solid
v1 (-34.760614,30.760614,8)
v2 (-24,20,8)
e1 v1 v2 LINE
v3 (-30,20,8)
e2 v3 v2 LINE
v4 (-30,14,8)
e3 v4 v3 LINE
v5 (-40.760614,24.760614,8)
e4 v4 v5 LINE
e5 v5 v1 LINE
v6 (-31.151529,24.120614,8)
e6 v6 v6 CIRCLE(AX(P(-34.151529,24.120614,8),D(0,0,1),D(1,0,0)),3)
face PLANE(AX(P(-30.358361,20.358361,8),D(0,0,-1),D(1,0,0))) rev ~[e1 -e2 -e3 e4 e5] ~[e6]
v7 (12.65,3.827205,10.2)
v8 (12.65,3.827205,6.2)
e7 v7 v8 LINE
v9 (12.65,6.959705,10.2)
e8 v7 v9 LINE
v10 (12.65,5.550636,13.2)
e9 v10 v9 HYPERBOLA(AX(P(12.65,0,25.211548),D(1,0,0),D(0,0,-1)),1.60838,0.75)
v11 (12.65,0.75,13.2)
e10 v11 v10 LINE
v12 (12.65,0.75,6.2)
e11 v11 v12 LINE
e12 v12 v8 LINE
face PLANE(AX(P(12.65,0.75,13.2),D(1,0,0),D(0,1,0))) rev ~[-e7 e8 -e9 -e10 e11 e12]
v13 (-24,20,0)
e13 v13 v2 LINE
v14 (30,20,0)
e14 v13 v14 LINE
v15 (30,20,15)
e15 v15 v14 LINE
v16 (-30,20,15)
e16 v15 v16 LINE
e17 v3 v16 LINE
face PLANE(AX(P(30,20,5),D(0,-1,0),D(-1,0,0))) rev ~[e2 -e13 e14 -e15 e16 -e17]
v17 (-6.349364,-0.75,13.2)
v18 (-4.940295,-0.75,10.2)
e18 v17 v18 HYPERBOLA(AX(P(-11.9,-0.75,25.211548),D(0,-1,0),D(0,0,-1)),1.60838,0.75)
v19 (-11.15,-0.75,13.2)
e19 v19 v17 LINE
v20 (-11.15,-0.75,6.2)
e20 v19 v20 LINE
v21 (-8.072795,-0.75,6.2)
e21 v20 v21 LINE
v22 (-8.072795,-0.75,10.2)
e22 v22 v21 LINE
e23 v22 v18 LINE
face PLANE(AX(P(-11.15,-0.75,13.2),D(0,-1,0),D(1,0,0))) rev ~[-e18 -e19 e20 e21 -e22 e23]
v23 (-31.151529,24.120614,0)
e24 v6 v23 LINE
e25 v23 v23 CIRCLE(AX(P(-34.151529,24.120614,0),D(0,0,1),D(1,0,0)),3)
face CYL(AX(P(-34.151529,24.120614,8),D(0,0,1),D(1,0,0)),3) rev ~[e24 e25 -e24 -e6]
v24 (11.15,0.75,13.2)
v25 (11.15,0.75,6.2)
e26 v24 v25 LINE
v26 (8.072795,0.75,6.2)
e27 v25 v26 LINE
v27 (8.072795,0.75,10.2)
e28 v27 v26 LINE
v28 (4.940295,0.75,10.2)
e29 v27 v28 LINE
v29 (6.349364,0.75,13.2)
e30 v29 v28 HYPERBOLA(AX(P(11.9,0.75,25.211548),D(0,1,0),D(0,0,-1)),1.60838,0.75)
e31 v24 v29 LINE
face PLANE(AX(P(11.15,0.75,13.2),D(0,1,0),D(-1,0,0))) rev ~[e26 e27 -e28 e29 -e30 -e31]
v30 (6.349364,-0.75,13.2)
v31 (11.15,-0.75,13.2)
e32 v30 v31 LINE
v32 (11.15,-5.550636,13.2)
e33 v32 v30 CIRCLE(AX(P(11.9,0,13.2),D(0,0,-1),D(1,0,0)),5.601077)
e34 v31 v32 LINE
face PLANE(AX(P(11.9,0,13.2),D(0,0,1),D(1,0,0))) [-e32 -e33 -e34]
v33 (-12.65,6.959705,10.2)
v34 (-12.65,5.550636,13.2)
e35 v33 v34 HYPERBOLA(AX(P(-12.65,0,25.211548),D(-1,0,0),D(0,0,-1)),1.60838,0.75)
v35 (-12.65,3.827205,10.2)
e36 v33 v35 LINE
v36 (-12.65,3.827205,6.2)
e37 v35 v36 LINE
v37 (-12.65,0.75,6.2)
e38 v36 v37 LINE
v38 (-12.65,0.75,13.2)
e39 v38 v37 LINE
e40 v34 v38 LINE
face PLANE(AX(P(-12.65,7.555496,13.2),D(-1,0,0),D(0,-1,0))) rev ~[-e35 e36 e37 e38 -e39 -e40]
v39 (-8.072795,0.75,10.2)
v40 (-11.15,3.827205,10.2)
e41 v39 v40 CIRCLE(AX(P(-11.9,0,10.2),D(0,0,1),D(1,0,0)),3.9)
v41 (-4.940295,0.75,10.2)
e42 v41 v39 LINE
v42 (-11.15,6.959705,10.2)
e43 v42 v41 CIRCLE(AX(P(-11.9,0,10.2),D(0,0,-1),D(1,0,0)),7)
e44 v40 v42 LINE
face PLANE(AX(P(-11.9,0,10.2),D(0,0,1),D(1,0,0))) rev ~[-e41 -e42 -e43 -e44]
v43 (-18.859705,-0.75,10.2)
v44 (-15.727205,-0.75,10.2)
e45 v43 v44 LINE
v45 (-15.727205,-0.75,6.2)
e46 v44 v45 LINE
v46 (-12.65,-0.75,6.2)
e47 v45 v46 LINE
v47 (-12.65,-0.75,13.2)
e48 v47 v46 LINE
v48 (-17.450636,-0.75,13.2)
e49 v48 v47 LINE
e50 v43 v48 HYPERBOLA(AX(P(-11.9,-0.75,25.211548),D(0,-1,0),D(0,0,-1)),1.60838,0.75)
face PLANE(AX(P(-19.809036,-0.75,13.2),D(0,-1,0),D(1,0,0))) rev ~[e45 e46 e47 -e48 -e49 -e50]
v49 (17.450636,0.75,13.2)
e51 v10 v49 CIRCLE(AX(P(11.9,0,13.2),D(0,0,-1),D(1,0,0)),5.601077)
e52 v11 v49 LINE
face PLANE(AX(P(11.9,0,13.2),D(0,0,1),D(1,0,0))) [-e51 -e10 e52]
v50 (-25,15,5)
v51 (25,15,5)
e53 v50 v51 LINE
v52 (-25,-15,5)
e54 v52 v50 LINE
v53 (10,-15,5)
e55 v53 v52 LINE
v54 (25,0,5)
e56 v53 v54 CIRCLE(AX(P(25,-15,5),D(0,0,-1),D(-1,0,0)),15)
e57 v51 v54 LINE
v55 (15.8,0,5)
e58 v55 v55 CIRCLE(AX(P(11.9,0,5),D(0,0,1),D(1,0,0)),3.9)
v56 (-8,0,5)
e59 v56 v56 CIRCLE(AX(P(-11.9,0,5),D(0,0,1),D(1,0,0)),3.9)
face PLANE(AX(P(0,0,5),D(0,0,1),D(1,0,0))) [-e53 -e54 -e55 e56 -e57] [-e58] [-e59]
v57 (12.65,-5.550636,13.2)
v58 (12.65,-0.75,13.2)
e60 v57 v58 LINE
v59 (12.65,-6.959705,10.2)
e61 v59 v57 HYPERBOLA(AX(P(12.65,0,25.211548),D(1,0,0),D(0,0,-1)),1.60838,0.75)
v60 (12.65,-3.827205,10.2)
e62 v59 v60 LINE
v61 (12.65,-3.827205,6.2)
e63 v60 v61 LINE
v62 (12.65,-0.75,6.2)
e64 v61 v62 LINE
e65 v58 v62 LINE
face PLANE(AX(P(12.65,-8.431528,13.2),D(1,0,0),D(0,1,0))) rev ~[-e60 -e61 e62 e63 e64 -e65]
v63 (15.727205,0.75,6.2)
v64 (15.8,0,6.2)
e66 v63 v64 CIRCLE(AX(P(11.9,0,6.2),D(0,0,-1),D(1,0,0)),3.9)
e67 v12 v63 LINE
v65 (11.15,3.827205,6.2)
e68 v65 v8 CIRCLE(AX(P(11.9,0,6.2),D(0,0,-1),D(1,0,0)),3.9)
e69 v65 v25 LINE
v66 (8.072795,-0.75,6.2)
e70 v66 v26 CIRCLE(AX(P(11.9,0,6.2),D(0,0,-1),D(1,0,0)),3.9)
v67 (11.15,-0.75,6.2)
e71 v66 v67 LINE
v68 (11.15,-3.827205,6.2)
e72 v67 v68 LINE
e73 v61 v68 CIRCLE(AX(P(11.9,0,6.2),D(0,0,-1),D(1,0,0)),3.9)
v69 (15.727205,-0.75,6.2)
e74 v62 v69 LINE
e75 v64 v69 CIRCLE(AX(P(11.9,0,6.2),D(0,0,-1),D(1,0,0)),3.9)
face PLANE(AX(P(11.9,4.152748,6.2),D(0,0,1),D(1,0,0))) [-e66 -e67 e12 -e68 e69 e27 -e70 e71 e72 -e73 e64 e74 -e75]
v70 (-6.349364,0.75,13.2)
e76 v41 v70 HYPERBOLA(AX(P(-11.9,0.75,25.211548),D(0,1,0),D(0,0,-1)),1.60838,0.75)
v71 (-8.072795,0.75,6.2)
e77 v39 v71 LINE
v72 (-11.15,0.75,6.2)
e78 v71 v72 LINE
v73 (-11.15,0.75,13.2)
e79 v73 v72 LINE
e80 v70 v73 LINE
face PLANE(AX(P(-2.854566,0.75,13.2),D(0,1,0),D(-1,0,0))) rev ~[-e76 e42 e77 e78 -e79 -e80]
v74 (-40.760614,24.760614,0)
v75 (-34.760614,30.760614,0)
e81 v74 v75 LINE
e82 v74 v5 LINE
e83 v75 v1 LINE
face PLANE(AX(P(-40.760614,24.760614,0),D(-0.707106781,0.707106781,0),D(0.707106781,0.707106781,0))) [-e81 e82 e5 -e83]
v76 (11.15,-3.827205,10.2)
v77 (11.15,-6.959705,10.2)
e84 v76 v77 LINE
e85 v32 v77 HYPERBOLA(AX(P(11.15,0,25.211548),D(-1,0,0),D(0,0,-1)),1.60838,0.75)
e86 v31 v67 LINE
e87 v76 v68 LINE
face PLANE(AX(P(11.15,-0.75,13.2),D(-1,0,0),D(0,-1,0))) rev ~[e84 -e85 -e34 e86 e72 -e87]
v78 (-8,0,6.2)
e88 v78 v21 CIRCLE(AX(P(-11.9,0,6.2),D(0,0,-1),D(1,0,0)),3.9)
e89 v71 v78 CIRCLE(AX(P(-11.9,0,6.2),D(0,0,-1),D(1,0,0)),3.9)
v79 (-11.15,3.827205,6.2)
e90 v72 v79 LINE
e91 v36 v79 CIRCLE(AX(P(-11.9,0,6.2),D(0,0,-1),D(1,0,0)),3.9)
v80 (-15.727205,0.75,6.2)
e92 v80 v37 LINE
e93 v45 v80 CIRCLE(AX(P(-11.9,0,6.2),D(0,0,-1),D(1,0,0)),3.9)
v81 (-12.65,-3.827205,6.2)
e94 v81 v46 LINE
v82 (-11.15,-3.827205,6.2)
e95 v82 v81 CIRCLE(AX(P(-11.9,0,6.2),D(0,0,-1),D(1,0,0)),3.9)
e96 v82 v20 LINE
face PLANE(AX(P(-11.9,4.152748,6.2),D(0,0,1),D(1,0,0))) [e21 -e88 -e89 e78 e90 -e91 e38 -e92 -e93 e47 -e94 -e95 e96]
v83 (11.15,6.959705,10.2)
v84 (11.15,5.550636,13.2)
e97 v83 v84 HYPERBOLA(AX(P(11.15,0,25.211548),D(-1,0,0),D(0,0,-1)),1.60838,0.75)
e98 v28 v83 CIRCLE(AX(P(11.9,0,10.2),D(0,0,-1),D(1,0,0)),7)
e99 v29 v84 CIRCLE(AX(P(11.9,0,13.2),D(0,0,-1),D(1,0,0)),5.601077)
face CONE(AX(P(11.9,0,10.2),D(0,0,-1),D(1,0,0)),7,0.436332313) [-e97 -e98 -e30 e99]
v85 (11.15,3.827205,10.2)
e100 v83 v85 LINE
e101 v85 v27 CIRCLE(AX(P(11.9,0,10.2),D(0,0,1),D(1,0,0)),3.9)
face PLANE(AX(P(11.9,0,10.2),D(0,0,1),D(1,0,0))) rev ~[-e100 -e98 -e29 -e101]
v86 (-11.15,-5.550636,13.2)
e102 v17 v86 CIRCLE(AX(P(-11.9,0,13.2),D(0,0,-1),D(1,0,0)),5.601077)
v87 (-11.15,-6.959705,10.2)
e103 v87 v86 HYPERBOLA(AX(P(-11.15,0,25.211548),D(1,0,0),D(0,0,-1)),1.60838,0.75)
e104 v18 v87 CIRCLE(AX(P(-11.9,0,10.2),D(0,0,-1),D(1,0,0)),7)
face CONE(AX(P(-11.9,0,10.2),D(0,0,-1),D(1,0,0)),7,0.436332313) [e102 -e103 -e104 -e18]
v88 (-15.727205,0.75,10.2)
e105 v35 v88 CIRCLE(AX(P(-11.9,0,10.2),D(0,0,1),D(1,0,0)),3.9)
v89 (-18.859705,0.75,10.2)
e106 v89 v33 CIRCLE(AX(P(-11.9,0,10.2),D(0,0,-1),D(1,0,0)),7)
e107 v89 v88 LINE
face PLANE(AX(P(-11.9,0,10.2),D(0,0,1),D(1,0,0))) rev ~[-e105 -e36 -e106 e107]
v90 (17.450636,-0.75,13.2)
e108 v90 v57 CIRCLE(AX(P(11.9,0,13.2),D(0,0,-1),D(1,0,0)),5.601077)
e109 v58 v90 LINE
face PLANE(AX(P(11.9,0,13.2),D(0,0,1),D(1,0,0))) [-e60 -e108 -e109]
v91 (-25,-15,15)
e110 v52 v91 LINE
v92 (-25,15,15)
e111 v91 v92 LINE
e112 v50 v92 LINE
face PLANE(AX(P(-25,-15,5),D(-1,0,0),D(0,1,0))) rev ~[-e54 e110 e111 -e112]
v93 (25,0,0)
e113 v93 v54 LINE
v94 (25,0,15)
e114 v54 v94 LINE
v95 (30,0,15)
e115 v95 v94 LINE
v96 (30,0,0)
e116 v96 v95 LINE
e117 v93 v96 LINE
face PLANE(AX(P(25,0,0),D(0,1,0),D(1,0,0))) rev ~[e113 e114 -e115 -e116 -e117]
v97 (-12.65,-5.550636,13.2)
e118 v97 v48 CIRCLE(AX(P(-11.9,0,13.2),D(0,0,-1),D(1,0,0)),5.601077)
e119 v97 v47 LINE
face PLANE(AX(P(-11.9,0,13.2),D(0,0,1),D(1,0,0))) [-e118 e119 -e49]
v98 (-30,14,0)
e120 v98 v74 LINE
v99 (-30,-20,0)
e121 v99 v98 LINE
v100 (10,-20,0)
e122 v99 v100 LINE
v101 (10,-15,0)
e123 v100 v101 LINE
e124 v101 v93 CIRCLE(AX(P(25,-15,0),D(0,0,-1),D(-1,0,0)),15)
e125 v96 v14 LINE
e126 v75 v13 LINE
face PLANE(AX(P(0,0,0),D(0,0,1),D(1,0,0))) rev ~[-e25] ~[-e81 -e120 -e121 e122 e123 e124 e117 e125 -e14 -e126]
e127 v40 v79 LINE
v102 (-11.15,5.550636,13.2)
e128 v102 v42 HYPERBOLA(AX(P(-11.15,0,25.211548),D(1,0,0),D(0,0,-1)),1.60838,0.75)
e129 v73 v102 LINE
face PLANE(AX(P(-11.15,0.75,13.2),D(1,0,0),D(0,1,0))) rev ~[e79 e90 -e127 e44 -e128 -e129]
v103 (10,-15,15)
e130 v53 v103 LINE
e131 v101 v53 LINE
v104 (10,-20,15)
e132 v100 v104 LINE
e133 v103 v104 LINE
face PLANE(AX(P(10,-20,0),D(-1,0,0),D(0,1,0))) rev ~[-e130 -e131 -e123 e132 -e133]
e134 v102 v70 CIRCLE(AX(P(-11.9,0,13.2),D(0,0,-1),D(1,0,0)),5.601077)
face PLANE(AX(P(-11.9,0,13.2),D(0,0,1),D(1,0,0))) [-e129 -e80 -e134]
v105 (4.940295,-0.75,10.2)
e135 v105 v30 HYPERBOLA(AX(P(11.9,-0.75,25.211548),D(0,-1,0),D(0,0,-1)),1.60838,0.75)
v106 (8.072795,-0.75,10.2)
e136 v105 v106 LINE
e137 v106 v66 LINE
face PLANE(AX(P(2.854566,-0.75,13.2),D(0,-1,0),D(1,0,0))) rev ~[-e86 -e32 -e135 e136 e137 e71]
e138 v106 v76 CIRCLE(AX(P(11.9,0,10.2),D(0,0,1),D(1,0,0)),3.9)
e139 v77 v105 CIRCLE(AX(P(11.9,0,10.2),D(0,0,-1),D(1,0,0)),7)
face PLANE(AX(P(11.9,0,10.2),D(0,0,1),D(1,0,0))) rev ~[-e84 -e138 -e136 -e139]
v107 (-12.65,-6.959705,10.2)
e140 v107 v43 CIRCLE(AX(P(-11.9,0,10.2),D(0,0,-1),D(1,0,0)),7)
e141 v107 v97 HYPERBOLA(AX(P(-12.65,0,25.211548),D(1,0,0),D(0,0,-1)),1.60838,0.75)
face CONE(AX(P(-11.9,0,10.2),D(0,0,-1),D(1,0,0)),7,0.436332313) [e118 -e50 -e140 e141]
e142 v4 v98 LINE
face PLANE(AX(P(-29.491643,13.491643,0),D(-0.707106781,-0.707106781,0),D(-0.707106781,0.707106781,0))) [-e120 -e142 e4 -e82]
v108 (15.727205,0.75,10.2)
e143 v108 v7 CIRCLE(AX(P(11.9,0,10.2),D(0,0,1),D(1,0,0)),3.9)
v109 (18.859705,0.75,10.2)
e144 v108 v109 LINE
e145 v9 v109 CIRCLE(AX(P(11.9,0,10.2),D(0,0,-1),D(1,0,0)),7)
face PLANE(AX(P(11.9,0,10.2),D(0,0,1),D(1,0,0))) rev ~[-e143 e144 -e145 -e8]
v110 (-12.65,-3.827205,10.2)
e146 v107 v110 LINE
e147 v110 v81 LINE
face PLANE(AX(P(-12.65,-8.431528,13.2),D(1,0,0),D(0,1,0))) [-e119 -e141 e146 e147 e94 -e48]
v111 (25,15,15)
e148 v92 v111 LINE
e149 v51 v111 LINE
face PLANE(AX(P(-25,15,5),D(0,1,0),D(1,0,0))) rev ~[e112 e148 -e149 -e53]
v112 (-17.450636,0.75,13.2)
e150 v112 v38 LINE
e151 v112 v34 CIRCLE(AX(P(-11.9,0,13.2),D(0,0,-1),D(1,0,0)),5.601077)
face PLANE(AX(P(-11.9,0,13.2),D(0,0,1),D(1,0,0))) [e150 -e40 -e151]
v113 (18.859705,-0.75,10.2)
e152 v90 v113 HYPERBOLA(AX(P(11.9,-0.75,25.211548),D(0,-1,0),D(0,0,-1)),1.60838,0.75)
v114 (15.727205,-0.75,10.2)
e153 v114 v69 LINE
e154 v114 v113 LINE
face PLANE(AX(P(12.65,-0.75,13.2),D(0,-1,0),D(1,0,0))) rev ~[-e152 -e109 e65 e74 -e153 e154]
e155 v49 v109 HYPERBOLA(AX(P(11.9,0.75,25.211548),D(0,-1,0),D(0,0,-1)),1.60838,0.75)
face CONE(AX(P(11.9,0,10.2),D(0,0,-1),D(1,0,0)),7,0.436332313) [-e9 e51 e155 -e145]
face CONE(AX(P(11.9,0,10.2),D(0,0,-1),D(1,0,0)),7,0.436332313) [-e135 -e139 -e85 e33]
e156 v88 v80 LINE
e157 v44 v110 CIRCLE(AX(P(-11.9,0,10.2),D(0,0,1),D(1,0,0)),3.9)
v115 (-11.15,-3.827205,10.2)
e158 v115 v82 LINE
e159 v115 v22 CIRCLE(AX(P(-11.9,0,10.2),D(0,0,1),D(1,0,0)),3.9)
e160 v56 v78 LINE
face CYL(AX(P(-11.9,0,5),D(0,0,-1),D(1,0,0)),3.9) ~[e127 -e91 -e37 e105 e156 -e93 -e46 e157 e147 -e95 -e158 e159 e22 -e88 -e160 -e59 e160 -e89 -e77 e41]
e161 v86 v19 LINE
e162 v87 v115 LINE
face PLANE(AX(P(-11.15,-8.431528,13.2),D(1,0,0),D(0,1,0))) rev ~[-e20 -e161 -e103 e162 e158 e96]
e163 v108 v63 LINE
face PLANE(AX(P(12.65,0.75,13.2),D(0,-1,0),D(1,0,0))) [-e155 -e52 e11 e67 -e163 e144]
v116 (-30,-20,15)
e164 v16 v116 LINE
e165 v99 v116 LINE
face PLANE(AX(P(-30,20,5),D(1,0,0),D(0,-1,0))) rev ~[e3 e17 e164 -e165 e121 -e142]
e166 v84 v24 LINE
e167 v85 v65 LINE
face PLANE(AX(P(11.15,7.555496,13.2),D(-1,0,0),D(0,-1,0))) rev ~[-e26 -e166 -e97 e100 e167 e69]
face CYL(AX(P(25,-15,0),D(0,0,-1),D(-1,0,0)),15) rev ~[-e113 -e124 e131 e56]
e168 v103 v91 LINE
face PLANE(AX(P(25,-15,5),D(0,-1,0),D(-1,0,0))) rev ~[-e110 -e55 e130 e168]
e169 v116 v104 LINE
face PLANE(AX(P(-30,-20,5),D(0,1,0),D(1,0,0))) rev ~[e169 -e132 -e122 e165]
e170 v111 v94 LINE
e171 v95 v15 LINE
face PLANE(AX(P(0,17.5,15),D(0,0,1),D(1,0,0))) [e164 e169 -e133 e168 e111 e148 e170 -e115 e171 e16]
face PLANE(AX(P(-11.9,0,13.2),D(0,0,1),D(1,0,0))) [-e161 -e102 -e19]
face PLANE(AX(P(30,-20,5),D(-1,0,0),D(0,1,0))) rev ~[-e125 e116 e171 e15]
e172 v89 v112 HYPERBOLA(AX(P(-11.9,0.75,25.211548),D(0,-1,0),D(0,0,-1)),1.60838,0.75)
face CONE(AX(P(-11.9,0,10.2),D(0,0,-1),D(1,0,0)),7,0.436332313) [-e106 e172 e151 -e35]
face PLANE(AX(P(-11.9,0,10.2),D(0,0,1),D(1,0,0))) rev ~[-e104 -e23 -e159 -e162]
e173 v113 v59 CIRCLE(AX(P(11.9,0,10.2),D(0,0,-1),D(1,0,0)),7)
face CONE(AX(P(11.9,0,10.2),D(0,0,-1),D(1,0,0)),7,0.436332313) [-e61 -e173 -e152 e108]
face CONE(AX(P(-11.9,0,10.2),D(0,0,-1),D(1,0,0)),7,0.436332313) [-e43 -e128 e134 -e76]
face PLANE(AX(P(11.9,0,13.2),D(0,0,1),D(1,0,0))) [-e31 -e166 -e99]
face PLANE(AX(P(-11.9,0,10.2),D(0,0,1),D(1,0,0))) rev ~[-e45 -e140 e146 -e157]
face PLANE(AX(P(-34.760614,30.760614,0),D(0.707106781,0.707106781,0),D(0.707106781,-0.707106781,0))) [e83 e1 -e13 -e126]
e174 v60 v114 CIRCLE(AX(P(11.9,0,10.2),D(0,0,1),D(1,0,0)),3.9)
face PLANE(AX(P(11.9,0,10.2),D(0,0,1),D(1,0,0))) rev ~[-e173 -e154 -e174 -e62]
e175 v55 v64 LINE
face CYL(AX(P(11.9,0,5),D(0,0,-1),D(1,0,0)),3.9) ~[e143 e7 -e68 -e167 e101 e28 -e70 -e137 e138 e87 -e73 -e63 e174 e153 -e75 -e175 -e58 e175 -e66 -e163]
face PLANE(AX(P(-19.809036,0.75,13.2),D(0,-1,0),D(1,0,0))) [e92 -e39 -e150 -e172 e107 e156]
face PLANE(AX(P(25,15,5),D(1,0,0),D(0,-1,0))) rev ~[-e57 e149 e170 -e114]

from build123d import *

# Parameters (mm, degrees)
F0_W      = 60
F0_H      = 40
F1_DEPTH  = 5
F2_W      = 5
F2_H      = 30
F3_DEPTH  = 10
F5_DEPTH  = 25
F6_R      = 3.9
F7_DEPTH  = 5.2
F8_R      = 7
F9_DEPTH  = 3
F9_TAPER  = 25
F10_W     = 1.5
F10_H     = 1.5
F10_W_2   = 7.1590355843
F10_H_2   = 7.6815277636
F11_DEPTH = 7
F12_DEPTH = 7
F14_DEPTH = 8
F15_R     = 3
F16_DEPTH = 25


with BuildPart() as f1:
    # F0 (on Top) → F1 (new body)
    with BuildSketch(Plane.XY):
        Rectangle(F0_W, F0_H)
    extrude(amount=F1_DEPTH)

    # F2 (on face) → F3 (join)
    with BuildSketch(Plane.XY.offset(5)):
        Polygon((30, 20), (-30, 20), (-30, 15), (-25, 15), (25, 15), (30, 15), align=None)
        with Locations((-27.5, 0)):
            Rectangle(F2_W, F2_H)
        Polygon((30, -20), (30, 15), (25, 15), (25, -15), (25, -20), align=None)
        Polygon((-25, -15), (-30, -15), (-30, -20), (25, -20), (25, -15), align=None)
    extrude(amount=F3_DEPTH)

    # F4 (on face) → F5 (cut)
    with BuildSketch(Plane(origin=(0, 0, 0), x_dir=(1, 0, 0), z_dir=(0, 0, -1))):
        with BuildLine():
            Line((25, 0), (30, 0))
            Line((30, 0), (30, 20))
            Line((30, 20), (10, 20))
            Line((10, 20), (10, 15))
            ThreePointArc((10, 15), (14.3933982822, 4.3933982822), (25, 0))
        make_face()
    extrude(amount=-F5_DEPTH, mode=Mode.SUBTRACT)

    # F6 (on face) → F7 (join)
    with BuildSketch(Plane.XY.offset(5)):
        with Locations((11.9, 0)):
            Circle(F6_R)
        with Locations((-11.9, 0)):
            Circle(F6_R)
    extrude(amount=F7_DEPTH)

    # F8 (on face) → F9 (join)
    with BuildSketch(Plane.XY.offset(10.2)):
        with Locations((-11.9, 0)):
            Circle(F8_R)
        with Locations((11.9, 0)):
            Circle(F8_R)
    extrude(amount=F9_DEPTH, taper=F9_TAPER)

    # F10 (on face) → F11 (cut)
    with BuildSketch(Plane.XY.offset(13.2)):
        Polygon((-11.15, 7.5554959476), (-11.9, 7.5554959476), (-12.65, 7.5554959476), (-12.65, 0.75), (-11.15, 0.75), align=None)
        Polygon((-2.854565857, 0.75), (-11.15, 0.75), (-11.15, -0.75), (-2.854565857, -0.75), (-2.854565857, 0), align=None)
        with Locations((-11.9, 0)):
            Rectangle(F10_W, F10_H)
        with Locations((-16.2295177922, 0)):
            Rectangle(F10_W_2, F10_H)
        with Locations((-11.9, -4.5907638818)):
            Rectangle(F10_W, F10_H_2)
        Polygon((12.65, 0.75), (12.65, 7.5554959476), (11.9, 7.5554959476), (11.15, 7.5554959476), (11.15, 0.75), align=None)
        with Locations((16.2295177922, 0)):
            Rectangle(F10_W_2, F10_H)
        with Locations((11.9, 0)):
            Rectangle(F10_W, F10_H)
        with Locations((11.9, -4.5907638818)):
            Rectangle(F10_W, F10_H_2)
        Polygon((11.15, -0.75), (11.15, 0.75), (2.854565857, 0.75), (2.854565857, 0), (2.854565857, -0.75), align=None)
    extrude(amount=-F11_DEPTH, mode=Mode.SUBTRACT)

    # F10 (on face) → F12 (cut)
    with BuildSketch(Plane.XY.offset(13.2)):
        Polygon((-11.15, 7.5554959476), (-11.9, 7.5554959476), (-12.65, 7.5554959476), (-12.65, 0.75), (-11.15, 0.75), align=None)
        Polygon((-2.854565857, 0.75), (-11.15, 0.75), (-11.15, -0.75), (-2.854565857, -0.75), (-2.854565857, 0), align=None)
        with Locations((-11.9, 0)):
            Rectangle(F10_W, F10_H)
        with Locations((-16.2295177922, 0)):
            Rectangle(F10_W_2, F10_H)
        with Locations((-11.9, -4.5907638818)):
            Rectangle(F10_W, F10_H_2)
        Polygon((12.65, 0.75), (12.65, 7.5554959476), (11.9, 7.5554959476), (11.15, 7.5554959476), (11.15, 0.75), align=None)
        with Locations((16.2295177922, 0)):
            Rectangle(F10_W_2, F10_H)
        with Locations((11.9, 0)):
            Rectangle(F10_W, F10_H)
        with Locations((11.9, -4.5907638818)):
            Rectangle(F10_W, F10_H_2)
        Polygon((11.15, -0.75), (11.15, 0.75), (2.854565857, 0.75), (2.854565857, 0), (2.854565857, -0.75), align=None)
    extrude(amount=-F12_DEPTH, mode=Mode.SUBTRACT)

    # F13 (on face) → F14 (join)
    with BuildSketch(Plane(origin=(0, 0, 0), x_dir=(1, 0, 0), z_dir=(0, 0, -1))):
        Polygon((-23.4916425814, -19.4916425814), (-29.4916425814, -13.4916425814), (-37.225079692, -21.225079692), (-31.225079692, -27.225079692), align=None)
        Polygon((-31.225079692, -27.225079692), (-37.225079692, -21.225079692), (-40.7606135979, -24.7606135979), (-34.7606135979, -30.7606135979), align=None)
    extrude(amount=-F14_DEPTH)

    # F15 (on face) → F16 (cut)
    with BuildSketch(Plane.XY.offset(8)):
        with Locations((-34.1515289412, 24.1206135979)):
            Circle(F15_R)
    extrude(amount=-F16_DEPTH, mode=Mode.SUBTRACT)


solid = f1.part
